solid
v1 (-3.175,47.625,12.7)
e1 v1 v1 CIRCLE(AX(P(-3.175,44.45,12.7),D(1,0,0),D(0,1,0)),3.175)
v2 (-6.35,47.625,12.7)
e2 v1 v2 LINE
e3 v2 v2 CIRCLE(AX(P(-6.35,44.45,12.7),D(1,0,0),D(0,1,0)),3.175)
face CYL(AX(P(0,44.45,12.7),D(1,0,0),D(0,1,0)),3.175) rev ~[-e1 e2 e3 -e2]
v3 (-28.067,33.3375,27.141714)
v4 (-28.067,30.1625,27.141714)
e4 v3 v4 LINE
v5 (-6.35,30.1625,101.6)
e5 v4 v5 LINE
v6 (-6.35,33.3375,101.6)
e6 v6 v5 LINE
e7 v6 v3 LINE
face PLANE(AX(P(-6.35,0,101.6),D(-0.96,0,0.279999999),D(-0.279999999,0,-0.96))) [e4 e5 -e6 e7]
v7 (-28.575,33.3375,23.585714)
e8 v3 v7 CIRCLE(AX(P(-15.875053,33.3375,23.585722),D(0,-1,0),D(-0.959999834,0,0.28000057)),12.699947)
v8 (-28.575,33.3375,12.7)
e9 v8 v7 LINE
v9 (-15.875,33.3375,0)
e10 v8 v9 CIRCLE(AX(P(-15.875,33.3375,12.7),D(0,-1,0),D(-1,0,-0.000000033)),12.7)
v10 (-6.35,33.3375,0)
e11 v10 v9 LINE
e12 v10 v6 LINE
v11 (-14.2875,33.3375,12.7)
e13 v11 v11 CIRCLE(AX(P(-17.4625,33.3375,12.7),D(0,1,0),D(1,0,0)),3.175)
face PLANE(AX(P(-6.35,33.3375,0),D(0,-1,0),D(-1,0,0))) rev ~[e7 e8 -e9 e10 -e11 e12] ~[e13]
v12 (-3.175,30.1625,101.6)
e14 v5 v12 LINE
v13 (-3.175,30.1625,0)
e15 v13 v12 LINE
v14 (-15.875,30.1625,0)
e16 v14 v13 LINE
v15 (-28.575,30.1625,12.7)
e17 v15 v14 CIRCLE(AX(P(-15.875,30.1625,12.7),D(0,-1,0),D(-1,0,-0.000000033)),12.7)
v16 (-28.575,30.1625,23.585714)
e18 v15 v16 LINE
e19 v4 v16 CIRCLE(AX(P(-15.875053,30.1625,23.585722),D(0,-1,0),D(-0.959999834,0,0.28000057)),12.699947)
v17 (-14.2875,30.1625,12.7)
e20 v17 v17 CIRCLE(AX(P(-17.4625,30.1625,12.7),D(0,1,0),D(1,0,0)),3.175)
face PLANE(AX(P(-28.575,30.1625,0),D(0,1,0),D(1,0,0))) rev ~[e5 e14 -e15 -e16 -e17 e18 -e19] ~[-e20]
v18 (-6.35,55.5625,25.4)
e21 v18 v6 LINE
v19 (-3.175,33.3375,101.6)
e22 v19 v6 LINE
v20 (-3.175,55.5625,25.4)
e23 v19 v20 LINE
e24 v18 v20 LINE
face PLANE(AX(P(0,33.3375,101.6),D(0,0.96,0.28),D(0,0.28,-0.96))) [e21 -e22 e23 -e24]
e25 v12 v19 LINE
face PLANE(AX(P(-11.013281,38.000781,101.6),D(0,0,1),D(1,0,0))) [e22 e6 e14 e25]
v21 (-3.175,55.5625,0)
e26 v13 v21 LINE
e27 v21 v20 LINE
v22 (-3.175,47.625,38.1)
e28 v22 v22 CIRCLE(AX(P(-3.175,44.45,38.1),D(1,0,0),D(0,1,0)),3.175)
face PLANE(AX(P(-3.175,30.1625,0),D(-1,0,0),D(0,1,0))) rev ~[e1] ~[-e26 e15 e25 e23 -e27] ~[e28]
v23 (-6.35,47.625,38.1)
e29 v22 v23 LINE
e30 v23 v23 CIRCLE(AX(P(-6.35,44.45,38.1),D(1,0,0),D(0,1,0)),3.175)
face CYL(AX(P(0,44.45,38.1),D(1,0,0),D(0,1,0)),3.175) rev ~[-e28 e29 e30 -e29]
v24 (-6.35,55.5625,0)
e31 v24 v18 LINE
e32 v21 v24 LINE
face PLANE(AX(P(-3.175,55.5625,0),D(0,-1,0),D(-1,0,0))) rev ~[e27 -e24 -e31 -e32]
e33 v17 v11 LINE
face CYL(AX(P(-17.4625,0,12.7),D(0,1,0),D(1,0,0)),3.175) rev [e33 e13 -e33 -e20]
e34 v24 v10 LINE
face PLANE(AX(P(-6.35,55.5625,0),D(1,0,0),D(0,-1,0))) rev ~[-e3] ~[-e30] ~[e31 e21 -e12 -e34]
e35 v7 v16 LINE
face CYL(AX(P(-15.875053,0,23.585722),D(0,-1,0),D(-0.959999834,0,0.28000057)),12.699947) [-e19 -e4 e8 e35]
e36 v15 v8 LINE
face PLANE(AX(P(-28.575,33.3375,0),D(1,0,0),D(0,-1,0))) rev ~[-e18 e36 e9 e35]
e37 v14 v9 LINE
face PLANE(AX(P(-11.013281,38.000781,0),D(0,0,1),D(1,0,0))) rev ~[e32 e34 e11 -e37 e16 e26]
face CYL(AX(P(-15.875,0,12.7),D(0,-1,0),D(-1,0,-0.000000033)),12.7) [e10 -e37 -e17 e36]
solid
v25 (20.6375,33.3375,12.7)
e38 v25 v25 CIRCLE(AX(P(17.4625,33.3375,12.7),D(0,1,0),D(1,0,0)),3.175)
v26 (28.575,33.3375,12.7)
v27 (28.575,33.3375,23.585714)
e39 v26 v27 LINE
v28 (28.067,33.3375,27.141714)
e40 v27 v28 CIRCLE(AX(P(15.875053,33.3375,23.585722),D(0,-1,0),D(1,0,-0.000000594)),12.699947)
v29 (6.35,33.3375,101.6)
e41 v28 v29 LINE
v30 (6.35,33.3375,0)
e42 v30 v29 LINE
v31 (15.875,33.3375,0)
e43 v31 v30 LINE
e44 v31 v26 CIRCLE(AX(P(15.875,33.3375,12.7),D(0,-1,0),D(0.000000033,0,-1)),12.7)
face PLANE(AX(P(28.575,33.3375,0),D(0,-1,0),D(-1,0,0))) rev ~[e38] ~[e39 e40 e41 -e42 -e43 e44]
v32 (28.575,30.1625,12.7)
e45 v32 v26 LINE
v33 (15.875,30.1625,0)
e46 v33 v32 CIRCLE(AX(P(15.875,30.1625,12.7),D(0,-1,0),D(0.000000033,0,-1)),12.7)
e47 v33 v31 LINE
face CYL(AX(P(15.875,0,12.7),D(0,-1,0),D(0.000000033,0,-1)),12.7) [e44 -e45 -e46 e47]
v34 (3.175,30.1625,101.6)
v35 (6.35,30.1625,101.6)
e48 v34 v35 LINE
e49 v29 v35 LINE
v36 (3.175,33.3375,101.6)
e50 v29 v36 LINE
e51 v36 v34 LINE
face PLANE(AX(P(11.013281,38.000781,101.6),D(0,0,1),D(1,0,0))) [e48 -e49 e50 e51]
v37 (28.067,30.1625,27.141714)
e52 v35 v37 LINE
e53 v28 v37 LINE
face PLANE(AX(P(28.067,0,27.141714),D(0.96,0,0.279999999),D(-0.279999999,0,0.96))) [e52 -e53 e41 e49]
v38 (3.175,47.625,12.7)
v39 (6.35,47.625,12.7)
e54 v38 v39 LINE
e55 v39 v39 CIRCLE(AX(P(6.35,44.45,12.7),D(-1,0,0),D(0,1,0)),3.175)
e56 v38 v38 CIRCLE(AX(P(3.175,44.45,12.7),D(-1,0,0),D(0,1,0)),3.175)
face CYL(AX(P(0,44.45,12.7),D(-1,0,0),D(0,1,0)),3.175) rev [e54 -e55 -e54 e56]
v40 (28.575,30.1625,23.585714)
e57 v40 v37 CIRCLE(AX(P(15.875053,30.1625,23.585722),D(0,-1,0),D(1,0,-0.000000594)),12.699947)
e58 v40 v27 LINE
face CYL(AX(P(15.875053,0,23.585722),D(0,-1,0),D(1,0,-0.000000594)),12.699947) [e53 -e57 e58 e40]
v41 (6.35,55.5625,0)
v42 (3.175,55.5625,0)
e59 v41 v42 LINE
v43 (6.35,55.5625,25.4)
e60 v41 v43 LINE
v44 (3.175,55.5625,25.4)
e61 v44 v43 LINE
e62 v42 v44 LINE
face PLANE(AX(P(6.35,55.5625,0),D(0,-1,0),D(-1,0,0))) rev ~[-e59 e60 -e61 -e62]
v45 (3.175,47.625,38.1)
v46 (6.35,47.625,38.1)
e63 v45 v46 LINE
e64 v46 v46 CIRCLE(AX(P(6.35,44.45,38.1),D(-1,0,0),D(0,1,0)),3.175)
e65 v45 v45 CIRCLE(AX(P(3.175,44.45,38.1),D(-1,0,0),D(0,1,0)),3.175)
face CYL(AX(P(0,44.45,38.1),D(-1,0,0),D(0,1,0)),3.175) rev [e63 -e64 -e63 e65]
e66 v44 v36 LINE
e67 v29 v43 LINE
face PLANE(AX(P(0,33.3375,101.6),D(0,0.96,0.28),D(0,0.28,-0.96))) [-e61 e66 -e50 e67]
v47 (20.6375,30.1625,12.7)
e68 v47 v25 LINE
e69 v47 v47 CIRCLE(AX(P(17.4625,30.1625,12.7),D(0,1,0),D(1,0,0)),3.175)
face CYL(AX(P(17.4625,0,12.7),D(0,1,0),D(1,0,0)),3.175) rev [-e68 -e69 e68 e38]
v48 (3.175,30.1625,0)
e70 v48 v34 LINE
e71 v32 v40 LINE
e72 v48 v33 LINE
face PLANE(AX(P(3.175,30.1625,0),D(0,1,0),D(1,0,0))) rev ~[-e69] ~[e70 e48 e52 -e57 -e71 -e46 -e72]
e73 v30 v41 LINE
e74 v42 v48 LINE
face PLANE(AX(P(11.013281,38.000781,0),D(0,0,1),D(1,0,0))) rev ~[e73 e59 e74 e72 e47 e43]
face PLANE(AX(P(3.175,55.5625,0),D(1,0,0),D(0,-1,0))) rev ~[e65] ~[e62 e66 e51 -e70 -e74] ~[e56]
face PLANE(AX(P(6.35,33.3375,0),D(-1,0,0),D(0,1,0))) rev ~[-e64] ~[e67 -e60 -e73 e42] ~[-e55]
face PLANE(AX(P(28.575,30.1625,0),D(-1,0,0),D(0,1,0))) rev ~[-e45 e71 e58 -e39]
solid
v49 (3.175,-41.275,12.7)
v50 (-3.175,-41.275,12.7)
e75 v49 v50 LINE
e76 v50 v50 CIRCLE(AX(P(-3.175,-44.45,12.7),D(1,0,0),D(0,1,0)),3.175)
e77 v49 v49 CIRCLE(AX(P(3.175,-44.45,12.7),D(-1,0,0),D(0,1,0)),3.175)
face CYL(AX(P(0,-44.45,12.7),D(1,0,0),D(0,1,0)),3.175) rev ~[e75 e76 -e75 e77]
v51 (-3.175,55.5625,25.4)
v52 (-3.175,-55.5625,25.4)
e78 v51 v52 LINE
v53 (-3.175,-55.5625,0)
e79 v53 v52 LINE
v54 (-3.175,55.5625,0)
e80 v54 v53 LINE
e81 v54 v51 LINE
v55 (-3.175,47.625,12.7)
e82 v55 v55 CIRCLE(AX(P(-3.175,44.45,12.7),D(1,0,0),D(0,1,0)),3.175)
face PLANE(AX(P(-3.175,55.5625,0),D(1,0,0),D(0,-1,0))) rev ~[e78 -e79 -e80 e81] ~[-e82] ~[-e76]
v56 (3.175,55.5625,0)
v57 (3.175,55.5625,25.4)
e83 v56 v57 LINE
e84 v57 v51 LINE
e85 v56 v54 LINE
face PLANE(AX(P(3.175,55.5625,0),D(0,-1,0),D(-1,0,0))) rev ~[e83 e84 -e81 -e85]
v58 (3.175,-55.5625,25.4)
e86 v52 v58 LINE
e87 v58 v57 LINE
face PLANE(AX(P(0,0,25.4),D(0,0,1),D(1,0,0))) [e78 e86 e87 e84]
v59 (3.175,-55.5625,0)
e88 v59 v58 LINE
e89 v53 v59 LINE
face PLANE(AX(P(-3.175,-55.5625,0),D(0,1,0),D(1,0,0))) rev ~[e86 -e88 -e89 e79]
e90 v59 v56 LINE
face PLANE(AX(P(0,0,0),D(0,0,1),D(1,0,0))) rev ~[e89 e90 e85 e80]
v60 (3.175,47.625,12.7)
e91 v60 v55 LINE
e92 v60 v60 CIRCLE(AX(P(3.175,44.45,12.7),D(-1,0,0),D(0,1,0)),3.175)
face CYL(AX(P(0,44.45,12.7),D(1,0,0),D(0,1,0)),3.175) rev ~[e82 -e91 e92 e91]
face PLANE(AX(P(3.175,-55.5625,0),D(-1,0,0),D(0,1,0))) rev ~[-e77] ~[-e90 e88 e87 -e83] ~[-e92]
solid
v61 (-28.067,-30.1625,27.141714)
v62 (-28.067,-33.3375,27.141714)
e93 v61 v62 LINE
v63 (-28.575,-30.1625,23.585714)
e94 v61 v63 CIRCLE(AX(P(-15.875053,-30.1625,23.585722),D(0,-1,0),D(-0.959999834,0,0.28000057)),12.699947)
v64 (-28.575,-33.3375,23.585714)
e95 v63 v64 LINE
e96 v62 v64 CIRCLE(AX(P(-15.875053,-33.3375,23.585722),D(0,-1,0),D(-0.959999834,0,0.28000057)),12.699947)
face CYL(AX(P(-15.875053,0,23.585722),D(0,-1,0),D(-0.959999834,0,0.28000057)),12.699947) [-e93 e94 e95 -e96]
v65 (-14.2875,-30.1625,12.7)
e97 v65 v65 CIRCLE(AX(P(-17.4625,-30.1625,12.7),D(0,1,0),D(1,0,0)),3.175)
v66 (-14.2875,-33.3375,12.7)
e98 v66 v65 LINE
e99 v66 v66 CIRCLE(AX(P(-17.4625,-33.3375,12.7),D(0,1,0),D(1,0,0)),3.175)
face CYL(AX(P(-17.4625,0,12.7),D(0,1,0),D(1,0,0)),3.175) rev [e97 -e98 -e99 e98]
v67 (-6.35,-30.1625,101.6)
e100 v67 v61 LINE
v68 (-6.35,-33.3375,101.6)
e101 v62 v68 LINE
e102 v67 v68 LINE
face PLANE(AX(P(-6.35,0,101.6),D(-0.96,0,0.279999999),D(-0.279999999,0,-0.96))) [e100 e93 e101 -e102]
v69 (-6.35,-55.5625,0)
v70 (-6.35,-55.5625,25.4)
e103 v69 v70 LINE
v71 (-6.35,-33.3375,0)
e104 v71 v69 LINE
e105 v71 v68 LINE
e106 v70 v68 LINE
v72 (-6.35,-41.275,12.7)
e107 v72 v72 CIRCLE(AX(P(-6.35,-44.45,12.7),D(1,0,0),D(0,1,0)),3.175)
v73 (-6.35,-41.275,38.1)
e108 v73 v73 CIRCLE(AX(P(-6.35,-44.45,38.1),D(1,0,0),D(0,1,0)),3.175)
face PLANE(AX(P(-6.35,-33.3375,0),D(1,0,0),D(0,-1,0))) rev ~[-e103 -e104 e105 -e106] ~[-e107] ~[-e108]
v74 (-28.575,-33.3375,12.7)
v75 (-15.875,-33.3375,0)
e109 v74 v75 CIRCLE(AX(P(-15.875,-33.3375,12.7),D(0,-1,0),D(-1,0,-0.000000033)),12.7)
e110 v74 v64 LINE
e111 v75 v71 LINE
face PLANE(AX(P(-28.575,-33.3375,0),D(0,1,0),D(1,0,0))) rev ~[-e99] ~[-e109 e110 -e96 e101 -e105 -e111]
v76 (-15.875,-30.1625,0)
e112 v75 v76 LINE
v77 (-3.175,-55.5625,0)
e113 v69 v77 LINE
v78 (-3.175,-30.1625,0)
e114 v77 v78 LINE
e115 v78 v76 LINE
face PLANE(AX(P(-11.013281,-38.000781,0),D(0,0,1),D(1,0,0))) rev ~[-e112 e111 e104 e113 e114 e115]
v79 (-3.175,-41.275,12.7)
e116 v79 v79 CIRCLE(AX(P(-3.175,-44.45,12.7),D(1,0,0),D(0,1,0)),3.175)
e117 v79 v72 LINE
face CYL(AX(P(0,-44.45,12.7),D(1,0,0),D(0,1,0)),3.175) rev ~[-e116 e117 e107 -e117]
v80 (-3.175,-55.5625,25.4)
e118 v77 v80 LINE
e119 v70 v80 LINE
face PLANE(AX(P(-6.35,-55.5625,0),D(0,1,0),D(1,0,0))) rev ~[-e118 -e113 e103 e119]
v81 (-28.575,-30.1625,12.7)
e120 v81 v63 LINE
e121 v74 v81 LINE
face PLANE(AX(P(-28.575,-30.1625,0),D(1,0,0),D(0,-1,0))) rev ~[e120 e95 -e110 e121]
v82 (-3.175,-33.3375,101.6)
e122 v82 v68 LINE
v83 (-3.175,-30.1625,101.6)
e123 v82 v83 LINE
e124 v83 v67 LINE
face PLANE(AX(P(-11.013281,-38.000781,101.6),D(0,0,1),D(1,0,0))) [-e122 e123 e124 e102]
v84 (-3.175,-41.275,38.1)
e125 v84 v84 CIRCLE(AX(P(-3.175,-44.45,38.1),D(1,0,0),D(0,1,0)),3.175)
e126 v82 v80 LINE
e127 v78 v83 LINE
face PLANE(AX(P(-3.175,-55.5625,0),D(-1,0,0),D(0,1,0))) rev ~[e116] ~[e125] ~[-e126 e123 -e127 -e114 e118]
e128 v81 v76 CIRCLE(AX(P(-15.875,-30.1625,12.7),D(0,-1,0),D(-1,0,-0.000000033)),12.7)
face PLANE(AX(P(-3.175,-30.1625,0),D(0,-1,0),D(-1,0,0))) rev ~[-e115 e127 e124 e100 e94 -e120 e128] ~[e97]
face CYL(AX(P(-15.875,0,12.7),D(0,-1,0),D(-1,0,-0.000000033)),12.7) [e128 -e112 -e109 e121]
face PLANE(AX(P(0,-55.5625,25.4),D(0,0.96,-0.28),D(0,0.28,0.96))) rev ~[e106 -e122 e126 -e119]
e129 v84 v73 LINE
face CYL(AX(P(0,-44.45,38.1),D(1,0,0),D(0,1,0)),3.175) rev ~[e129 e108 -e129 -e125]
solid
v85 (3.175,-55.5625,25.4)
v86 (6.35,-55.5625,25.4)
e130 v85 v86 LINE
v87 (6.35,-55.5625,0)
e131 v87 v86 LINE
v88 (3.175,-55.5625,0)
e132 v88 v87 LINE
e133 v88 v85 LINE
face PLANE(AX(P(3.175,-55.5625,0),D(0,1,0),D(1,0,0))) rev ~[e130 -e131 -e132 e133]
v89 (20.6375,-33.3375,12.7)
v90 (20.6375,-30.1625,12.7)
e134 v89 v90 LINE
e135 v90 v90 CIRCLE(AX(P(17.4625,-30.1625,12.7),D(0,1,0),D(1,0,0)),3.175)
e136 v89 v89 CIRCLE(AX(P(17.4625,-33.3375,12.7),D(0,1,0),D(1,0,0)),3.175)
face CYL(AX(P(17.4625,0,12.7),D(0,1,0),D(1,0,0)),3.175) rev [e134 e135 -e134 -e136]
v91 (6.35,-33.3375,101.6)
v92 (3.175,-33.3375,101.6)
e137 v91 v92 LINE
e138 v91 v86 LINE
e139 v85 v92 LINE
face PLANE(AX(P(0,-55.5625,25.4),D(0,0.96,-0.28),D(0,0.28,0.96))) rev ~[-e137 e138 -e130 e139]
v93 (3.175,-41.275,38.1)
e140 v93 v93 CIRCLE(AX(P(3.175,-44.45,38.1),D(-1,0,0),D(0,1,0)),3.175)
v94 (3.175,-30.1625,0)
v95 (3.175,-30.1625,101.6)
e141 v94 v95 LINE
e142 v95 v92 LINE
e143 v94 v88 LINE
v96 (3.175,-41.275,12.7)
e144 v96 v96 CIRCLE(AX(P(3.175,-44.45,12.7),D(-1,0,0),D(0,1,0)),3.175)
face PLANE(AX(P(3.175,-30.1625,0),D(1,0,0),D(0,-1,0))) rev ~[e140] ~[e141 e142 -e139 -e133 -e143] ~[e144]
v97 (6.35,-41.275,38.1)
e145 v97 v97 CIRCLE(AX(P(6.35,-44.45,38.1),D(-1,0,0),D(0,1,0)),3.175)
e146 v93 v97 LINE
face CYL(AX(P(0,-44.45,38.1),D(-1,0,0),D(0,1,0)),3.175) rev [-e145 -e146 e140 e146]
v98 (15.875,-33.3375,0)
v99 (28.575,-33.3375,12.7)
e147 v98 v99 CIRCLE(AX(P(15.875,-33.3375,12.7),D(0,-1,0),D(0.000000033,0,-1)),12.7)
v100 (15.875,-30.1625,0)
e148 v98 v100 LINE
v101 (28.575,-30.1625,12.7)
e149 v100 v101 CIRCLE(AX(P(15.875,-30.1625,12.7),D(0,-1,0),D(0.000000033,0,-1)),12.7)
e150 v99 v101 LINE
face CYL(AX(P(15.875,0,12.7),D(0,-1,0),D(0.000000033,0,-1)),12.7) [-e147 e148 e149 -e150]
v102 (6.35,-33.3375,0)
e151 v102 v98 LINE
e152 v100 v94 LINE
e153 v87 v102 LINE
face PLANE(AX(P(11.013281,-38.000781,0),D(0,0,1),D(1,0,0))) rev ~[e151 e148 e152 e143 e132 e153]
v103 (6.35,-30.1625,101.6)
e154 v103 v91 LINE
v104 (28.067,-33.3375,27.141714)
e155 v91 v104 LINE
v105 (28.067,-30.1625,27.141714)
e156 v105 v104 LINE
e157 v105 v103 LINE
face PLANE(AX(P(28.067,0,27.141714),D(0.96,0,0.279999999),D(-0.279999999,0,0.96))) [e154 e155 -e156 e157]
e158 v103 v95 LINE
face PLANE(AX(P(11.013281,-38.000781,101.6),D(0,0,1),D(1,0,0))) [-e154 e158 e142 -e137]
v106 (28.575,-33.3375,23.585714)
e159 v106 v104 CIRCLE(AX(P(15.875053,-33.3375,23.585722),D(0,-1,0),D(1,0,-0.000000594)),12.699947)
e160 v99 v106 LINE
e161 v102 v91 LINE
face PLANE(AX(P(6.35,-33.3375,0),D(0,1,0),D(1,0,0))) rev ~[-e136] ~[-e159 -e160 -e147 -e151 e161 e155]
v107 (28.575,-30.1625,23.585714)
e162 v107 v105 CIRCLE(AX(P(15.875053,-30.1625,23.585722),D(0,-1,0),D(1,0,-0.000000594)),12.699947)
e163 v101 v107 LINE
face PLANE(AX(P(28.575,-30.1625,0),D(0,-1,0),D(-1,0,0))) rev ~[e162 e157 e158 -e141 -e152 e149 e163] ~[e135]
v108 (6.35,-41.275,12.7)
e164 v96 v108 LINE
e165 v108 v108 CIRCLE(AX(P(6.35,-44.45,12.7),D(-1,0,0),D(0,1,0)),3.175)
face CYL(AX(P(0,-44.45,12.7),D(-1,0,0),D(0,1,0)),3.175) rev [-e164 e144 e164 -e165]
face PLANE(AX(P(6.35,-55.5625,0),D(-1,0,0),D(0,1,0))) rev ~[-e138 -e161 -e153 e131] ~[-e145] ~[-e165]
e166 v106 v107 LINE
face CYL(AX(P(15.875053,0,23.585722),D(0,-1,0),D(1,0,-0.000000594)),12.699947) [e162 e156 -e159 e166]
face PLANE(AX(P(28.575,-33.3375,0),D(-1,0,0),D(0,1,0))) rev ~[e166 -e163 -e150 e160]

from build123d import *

# Parameters (mm, degrees)
F1_DEPTH = 101.6
F2_R     = 3.175
F3_DEPTH = 101.6
F4_DEPTH = 25.4
F5_R     = 3.175
F6_DEPTH = 50.8


with BuildPart() as f1:
    # F0 (on Top) → F1 (new body)
    with BuildSketch(Plane.XY):
        Polygon((-28.575, 33.3375), (-28.575, 30.1625), (-3.175, 30.1625), (-3.175, 55.5625), (-6.35, 55.5625), (-6.35, 33.3375), align=None)
        Polygon((6.35, 55.5625), (3.175, 55.5625), (3.175, 30.1625), (28.575, 30.1625), (28.575, 33.3375), (6.35, 33.3375), align=None)
        Polygon((3.175, -30.1625), (3.175, -55.5625), (6.35, -55.5625), (6.35, -33.3375), (28.575, -33.3375), (28.575, -30.1625), align=None)
        Polygon((-3.175, -55.5625), (-3.175, -30.1625), (-28.575, -30.1625), (-28.575, -33.3375), (-6.35, -33.3375), (-6.35, -55.5625), align=None)
    extrude(amount=F1_DEPTH)

    # F2 (on Front) → F3 (intersect, symmetric)
    with BuildSketch(Plane.XZ):
        with BuildLine():
            ThreePointArc((28.575, 23.585714), (28.447359, 25.381766), (28.067, 27.141714))
            Line((28.067, 27.141714), (6.35, 101.6))
            Line((6.35, 101.6), (-6.35, 101.6))
            Line((-6.35, 101.6), (-28.067, 27.141714))
            ThreePointArc((-28.067, 27.141714), (-28.447359, 25.381766), (-28.575, 23.585714))
            Line((-28.575, 23.585714), (-28.575, 12.7))
            ThreePointArc((-28.575, 12.7), (-24.855256, 3.719744), (-15.875, 0))
            Line((-15.875, 0), (15.875, 0))
            ThreePointArc((15.875, 0), (24.855256, 3.719744), (28.575, 12.7))
            Line((28.575, 12.7), (28.575, 23.585714))
        make_face()
        with Locations((-17.4625, 12.7)):
            Circle(F2_R, mode=Mode.SUBTRACT)
        with Locations((17.4625, 12.7)):
            Circle(F2_R, mode=Mode.SUBTRACT)
    extrude(amount=F3_DEPTH, both=True, mode=Mode.INTERSECT)


with BuildPart() as f4:
    # F0 (on Top) → F4 (new body)
    with BuildSketch(Plane.XY):
        Polygon((-3.175, 55.5625), (-3.175, 30.1625), (-3.175, -30.1625), (-3.175, -55.5625), (3.175, -55.5625), (3.175, -30.1625), (3.175, 30.1625), (3.175, 55.5625), align=None)
    extrude(amount=F4_DEPTH)


with BuildPart() as f6_tool:
    # F5 (on Right) → F6 (new body, symmetric)
    with BuildSketch(Plane.YZ):
        with Locations((-44.45, 12.7)):
            Circle(F5_R)
        with Locations((-44.45, 38.1)):
            Circle(F5_R)
        with Locations((44.45, 38.1)):
            Circle(F5_R)
        with Locations((44.45, 12.7)):
            Circle(F5_R)
        Polygon((33.3375, 101.6), (55.5625, 25.4), (55.5625, 101.6), align=None)
        Polygon((-55.5625, 101.6), (-55.5625, 25.4), (-33.3375, 101.6), align=None)
    extrude(amount=F6_DEPTH, both=True)


with BuildPart() as f1_1:
    add(f1.part)

    # F6: cut by f6_tool
    add(f6_tool.part, mode=Mode.SUBTRACT)


with BuildPart() as f4_1:
    add(f4.part)

    # F6: cut by f6_tool
    add(f6_tool.part, mode=Mode.SUBTRACT)


solid = Compound([f1_1.part, f4_1.part])
